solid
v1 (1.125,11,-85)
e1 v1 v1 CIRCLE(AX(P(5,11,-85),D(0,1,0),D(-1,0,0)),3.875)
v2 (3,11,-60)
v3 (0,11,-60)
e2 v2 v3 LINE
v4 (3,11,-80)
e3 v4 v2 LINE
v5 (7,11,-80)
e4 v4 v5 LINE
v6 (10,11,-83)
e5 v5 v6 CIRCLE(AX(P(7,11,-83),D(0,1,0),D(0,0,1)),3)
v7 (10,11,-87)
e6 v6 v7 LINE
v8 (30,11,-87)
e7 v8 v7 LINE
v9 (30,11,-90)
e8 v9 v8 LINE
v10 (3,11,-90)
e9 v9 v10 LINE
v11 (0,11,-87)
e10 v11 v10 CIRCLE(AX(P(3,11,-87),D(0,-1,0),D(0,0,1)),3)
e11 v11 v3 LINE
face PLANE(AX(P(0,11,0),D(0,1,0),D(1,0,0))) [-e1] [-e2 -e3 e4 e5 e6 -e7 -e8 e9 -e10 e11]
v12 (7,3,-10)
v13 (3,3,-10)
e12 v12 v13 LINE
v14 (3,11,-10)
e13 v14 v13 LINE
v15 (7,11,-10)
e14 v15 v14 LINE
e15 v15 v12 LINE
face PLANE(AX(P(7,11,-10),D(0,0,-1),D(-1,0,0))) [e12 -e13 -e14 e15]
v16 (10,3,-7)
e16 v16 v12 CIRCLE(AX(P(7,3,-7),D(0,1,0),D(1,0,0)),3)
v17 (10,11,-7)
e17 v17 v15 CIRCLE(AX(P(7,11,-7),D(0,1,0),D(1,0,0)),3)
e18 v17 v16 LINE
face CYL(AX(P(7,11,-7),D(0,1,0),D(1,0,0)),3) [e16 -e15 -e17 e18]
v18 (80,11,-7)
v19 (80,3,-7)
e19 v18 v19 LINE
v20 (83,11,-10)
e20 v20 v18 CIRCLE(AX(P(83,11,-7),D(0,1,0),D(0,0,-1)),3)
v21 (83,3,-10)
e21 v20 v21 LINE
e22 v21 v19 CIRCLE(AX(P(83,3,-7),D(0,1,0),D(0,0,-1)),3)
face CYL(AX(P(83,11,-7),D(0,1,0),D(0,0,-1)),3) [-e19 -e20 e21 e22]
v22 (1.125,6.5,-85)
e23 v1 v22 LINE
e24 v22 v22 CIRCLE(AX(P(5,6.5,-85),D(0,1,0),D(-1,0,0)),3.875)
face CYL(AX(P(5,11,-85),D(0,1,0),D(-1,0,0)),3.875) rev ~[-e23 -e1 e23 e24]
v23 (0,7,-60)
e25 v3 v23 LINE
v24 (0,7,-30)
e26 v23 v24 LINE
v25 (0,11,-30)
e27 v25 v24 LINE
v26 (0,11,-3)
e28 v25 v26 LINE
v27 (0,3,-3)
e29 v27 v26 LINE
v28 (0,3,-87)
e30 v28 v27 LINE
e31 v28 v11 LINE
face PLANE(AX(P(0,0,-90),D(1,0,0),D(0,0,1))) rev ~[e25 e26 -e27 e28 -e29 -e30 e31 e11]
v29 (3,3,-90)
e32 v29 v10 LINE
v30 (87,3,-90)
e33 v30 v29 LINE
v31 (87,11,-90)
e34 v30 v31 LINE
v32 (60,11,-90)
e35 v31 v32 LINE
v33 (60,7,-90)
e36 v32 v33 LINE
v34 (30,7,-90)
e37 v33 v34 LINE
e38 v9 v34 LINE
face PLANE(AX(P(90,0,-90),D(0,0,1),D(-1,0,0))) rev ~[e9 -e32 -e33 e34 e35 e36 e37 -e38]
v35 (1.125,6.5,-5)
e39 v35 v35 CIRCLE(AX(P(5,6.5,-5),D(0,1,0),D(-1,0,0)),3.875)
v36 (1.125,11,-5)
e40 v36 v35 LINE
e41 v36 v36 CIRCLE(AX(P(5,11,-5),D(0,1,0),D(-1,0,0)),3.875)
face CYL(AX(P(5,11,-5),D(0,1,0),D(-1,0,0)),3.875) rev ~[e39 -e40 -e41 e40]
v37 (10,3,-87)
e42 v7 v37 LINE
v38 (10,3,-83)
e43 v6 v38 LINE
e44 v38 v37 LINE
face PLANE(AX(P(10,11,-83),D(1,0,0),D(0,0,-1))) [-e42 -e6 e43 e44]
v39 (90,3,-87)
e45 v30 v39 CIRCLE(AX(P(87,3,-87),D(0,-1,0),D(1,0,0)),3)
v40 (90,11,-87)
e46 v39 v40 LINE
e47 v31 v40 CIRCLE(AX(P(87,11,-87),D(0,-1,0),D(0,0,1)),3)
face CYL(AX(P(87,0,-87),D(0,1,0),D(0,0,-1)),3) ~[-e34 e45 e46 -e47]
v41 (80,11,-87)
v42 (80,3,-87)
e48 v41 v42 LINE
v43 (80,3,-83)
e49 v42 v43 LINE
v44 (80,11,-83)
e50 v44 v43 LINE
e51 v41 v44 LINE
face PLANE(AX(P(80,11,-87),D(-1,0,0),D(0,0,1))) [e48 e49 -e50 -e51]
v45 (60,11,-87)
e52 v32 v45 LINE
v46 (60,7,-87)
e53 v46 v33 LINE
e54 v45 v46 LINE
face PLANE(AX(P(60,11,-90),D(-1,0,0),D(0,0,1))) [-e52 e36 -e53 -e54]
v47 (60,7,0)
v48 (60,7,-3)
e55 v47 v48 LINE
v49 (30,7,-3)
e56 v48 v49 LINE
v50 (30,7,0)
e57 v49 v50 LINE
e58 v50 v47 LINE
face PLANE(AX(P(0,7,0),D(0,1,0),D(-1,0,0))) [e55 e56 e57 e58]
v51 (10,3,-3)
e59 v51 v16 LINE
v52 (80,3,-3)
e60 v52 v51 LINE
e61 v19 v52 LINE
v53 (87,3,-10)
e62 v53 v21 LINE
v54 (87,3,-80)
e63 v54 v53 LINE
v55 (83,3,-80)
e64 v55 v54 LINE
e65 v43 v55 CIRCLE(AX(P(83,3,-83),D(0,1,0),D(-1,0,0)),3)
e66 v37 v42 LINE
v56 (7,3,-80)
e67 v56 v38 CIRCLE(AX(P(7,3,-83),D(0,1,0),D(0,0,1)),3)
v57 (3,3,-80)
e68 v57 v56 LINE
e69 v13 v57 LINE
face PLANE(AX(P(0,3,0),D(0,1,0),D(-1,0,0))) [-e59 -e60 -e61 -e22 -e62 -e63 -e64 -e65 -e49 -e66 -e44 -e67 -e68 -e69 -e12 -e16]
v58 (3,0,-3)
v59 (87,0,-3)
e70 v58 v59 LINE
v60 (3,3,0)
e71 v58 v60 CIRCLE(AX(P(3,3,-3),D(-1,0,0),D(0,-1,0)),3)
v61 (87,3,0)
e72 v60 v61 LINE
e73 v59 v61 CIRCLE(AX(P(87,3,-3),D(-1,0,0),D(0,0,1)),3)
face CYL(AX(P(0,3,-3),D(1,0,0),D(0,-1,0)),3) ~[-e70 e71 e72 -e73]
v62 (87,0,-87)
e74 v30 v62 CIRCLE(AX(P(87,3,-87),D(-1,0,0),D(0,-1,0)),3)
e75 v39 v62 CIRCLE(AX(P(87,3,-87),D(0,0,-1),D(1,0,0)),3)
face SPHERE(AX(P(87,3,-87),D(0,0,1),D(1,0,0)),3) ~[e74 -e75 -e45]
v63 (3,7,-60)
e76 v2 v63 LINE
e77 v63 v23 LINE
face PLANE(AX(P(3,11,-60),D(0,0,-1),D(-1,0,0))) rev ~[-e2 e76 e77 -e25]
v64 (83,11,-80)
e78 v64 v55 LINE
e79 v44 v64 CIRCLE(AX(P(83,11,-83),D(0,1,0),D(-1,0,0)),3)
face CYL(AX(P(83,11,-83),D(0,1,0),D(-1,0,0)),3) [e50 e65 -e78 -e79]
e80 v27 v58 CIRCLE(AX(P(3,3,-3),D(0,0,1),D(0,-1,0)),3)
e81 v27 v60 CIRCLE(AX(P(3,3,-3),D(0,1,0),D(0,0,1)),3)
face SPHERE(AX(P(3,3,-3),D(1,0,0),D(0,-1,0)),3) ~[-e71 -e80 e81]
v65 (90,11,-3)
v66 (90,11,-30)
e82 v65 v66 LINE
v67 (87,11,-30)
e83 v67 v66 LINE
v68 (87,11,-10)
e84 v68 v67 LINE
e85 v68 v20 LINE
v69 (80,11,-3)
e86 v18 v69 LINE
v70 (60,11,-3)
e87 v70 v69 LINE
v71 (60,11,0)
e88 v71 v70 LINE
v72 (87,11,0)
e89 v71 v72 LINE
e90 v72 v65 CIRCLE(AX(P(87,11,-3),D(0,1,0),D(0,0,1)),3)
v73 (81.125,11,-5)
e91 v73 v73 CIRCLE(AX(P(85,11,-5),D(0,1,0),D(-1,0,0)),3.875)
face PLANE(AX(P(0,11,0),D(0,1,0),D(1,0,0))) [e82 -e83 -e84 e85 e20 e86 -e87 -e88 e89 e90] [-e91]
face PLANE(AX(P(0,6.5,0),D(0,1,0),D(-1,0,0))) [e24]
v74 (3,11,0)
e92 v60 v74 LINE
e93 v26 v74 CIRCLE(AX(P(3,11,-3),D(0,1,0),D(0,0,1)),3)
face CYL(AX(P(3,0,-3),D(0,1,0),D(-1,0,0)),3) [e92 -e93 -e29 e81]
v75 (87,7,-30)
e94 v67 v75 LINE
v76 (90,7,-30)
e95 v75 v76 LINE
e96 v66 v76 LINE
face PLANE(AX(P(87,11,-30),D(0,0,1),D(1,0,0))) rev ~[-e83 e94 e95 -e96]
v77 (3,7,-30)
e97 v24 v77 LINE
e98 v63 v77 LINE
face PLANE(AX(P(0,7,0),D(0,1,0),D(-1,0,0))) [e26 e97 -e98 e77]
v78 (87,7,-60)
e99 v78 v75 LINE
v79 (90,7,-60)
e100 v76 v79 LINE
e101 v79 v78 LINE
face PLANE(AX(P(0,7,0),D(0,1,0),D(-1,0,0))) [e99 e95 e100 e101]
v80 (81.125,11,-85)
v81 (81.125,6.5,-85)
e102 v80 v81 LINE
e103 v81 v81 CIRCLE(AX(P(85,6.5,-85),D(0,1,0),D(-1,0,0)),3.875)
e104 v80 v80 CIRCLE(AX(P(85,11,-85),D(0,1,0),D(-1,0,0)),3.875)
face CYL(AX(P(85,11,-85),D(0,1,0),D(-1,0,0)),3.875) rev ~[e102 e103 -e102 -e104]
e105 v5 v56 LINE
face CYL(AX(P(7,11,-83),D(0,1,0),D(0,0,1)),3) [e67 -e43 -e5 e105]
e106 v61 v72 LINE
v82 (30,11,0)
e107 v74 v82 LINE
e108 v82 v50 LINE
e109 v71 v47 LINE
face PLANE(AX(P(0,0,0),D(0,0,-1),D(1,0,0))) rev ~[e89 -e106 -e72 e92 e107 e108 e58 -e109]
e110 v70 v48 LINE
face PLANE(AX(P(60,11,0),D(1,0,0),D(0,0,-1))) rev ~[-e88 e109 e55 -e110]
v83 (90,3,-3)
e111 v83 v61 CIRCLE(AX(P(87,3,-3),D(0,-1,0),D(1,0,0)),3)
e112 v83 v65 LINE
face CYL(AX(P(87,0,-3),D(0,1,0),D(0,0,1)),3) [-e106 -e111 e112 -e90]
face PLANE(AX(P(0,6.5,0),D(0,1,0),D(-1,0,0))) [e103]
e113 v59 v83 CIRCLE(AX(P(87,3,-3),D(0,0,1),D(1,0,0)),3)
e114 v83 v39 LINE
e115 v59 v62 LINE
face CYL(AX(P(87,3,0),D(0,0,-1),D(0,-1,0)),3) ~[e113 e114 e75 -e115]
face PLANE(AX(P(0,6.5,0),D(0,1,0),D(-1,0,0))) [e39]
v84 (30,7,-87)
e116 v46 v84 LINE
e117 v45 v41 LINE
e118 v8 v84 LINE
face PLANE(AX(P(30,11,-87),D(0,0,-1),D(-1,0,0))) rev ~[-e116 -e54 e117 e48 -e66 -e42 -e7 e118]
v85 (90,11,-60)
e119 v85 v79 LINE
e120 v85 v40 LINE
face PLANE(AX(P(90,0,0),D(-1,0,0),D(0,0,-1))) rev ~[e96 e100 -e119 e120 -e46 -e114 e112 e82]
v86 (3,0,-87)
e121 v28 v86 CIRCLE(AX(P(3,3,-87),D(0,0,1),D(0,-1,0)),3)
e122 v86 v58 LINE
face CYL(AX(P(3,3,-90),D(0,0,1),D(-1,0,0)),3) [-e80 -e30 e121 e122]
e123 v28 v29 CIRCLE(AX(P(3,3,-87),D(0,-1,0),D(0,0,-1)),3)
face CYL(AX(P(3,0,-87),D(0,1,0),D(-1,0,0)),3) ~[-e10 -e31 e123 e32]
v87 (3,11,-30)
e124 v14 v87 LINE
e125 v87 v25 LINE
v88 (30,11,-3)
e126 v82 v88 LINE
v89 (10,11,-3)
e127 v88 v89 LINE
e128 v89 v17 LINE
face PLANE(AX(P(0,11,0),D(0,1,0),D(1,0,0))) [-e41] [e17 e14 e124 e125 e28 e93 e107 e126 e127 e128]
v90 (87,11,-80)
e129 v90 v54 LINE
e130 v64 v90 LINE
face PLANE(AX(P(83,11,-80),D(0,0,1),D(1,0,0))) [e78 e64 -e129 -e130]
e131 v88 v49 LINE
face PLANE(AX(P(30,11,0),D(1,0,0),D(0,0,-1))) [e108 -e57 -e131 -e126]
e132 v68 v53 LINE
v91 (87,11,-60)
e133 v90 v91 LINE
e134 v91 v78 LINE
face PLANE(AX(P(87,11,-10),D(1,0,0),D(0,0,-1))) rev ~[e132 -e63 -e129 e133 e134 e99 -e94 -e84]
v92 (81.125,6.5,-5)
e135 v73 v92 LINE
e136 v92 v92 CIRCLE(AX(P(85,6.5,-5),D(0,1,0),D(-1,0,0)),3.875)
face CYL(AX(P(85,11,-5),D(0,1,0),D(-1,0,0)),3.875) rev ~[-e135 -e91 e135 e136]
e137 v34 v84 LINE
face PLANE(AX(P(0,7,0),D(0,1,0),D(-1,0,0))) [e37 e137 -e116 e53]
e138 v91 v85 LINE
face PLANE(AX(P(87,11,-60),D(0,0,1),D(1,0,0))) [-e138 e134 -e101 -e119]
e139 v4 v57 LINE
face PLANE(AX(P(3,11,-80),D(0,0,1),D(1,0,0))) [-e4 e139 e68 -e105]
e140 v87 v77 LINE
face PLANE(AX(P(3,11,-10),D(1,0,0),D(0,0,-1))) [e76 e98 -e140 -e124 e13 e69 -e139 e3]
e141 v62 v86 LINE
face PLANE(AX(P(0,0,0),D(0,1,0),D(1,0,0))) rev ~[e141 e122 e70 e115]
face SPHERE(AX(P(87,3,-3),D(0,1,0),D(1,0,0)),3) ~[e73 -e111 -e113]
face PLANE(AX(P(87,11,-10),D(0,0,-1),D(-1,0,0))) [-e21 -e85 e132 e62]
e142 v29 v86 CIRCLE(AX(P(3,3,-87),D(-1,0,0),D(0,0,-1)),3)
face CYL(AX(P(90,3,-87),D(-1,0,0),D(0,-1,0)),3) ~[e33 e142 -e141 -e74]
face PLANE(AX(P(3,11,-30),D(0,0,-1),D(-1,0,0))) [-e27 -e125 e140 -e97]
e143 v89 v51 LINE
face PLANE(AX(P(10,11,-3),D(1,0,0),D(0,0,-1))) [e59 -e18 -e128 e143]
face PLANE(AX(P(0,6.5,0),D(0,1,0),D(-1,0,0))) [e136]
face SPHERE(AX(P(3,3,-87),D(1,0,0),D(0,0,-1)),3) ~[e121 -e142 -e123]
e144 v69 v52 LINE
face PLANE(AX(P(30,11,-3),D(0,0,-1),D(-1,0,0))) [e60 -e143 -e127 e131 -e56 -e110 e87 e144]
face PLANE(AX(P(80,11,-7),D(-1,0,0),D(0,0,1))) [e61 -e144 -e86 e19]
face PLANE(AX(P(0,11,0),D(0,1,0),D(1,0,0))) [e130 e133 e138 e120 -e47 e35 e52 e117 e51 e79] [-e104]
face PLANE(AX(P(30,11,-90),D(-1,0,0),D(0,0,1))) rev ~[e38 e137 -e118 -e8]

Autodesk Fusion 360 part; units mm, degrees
sketch "Sketch1" plane through (0, 0, 0) normal (0, 1, 0) x (1, 0, 0)
  line L0 (0, 0) -> (90, 0)
  line L1 (90, 0) -> (90, 90)
  line L2 (90, 90) -> (0, 90)
  line L3 (0, 90) -> (0, 0)
  dimension "d1" = 90
  dimension "d2" = 90
extrude "Extrude1" add sketch "Sketch1" along normal blind 11
sketch "Sketch2" plane through (0, 11, 0) normal (0, 1, 0) x (-1, 0, 0)
  line L0 (0, -90) -> (0, 0)
  line L1 (0, 0) -> (-90, 0)
  line L2 (-90, 0) -> (-90, -90)
  line L3 (-90, -90) -> (0, -90)
  circle A0 centre (-5, -85) radius 3.875
  circle A1 centre (-5, -5) radius 3.875
  circle A2 centre (-85, -5) radius 3.875
  circle A3 centre (-85, -85) radius 3.875
  dimension "d5" = 7.75
  dimension "d6" = 7.75
  dimension "d7" = 7.75
  dimension "d8" = 7.75
extrude "Extrude2" cut sketch "Sketch2" against normal blind 4.5 contours A0 | A1 | A2 | A3
sketch "Sketch3" plane through (0, 11, 0) normal (0, 1, 0) x (-1, 0, 0)
  circle A0 centre (-85, -85) radius 3.875
  circle A1 centre (-5, -5) radius 3.875
  circle A2 centre (-5, -85) radius 3.875
  circle A3 centre (-85, -5) radius 3.875
  line L0 (0, -90) -> (0, 0)
  line L1 (0, 0) -> (-90, 0)
  line L2 (-90, 0) -> (-90, -90)
  line L3 (-90, -90) -> (0, -90)
  line L4 (-90, -80) -> (-90, -10)
  line L5 (0, -10) -> (0, -80)
  line L6 (-10, -90) -> (-80, -90)
  line L7 (-80, 0) -> (-10, 0)
  line L8 (-10, 0) -> (-10, -7)
  line L9 (-10, -83) -> (-10, -90)
  line L10 (-90, -10) -> (-83, -10)
  line L11 (-7, -10) -> (0, -10)
  line L12 (-80, -90) -> (-80, -83)
  line L13 (-80, -7) -> (-80, 0)
  line L14 (0, -80) -> (-7, -80)
  line L15 (-83, -80) -> (-90, -80)
  line L16 (0, -10) -> (-3, -10)
  line L17 (-3, -10) -> (-3, -30)
  line L18 (-3, -30) -> (0, -30)
  line L19 (0, -30) -> (0, -10)
  line L20 (0, -80) -> (-3, -80)
  line L21 (-3, -80) -> (-3, -60)
  line L22 (-3, -60) -> (0, -60)
  line L23 (0, -60) -> (0, -80)
  line L24 (-10, -90) -> (-30, -90)
  line L25 (-30, -90) -> (-30, -87)
  line L26 (-30, -87) -> (-10, -87)
  line L27 (-10, -87) -> (-10, -90)
  line L28 (-80, -90) -> (-60, -90)
  line L29 (-60, -90) -> (-60, -87)
  line L30 (-60, -87) -> (-80, -87)
  line L31 (-80, -87) -> (-80, -90)
  line L32 (-90, -80) -> (-87, -80)
  line L33 (-87, -80) -> (-87, -60)
  line L34 (-87, -60) -> (-90, -60)
  line L35 (-90, -60) -> (-90, -80)
  line L36 (-90, -10) -> (-87, -10)
  line L37 (-87, -10) -> (-87, -30)
  line L38 (-87, -30) -> (-90, -30)
  line L39 (-90, -30) -> (-90, -10)
  line L40 (-80, 0) -> (-60, 0)
  line L41 (-60, 0) -> (-60, -3)
  line L42 (-60, -3) -> (-80, -3)
  line L43 (-80, -3) -> (-80, 0)
  line L44 (-10, 0) -> (-30, 0)
  line L45 (-30, 0) -> (-30, -3)
  line L46 (-30, -3) -> (-10, -3)
  line L47 (-10, -3) -> (-10, 0)
  arc A4 (-10, -7) -> (-7, -10) centre (-7, -7) ccw
  arc A5 (-83, -10) -> (-80, -7) centre (-83, -7) ccw
  arc A6 (-80, -83) -> (-83, -80) centre (-83, -83) ccw
  arc A7 (-7, -80) -> (-10, -83) centre (-7, -83) ccw
  dimension "d11" = 20
  dimension "d12" = 3
  dimension "d13" = 20
  dimension "d14" = 3
  dimension "d15" = 20
  dimension "d16" = 3
  dimension "d17" = 20
  dimension "d18" = 3
  dimension "d19" = 3
  dimension "d20" = 20
  dimension "d21" = 3
  dimension "d22" = 20
  dimension "d23" = 3
  dimension "d24" = 20
  dimension "d25" = 20
  dimension "d26" = 3
  dimension "d27" = 3
  dimension "d28" = 3
extrude "Extrude3" cut sketch "Sketch3" against normal blind 8 contours L0 L1 L2 L3 L4 L5 L6 L7 L8 L9 L10 L11 L12 L13 L14 L15 L17 L18 L21 L22 L25 L26 L29 L30 L33 L34 L37 L38 L41 L42 L45 L46 A4 A5 A6 A7
sketch "Sketch4" plane through (0, 3, 0) normal (0, 1, 0) x (-1, 0, 0)
  line L0 (-3, -80) -> (-3, -60)
  line L1 (-3, -60) -> (0, -60)
  line L2 (0, -60) -> (0, -30)
  line L3 (0, -30) -> (-3, -30)
  line L4 (-3, -30) -> (-3, -10)
  line L5 (-3, -10) -> (-7, -10)
  arc A0 (-10, -7) -> (-7, -10) centre (-7, -7) ccw
  line L6 (-10, -7) -> (-10, -3)
  line L7 (-10, -3) -> (-30, -3)
  line L8 (-30, -3) -> (-30, 0)
  line L9 (-30, 0) -> (-60, 0)
  line L10 (-60, 0) -> (-60, -3)
  line L11 (-60, -3) -> (-80, -3)
  line L12 (-80, -3) -> (-80, -7)
  arc A1 (-83, -10) -> (-80, -7) centre (-83, -7) ccw
  line L13 (-83, -10) -> (-87, -10)
  line L14 (-87, -10) -> (-87, -30)
  line L15 (-87, -30) -> (-90, -30)
  line L16 (-90, -30) -> (-90, -60)
  line L17 (-90, -60) -> (-87, -60)
  line L18 (-87, -60) -> (-87, -80)
  line L19 (-87, -80) -> (-83, -80)
  arc A2 (-80, -83) -> (-83, -80) centre (-83, -83) ccw
  line L20 (-80, -83) -> (-80, -87)
  line L21 (-80, -87) -> (-60, -87)
  line L22 (-60, -87) -> (-60, -90)
  line L23 (-60, -90) -> (-30, -90)
  line L24 (-30, -90) -> (-30, -87)
  line L25 (-30, -87) -> (-10, -87)
  line L26 (-10, -87) -> (-10, -83)
  arc A3 (-7, -80) -> (-10, -83) centre (-7, -83) ccw
  line L27 (-7, -80) -> (-3, -80)
  line L28 (0, -60) -> (-3, -60)
  line L29 (-3, -60) -> (-3, -30)
  line L30 (-3, -30) -> (0, -30)
  line L31 (0, -30) -> (0, -60)
  line L32 (-87, -30) -> (-90, -30)
  line L33 (-90, -30) -> (-90, -60)
  line L34 (-90, -60) -> (-87, -60)
  line L35 (-87, -60) -> (-87, -30)
  line L36 (-30, 0) -> (-60, 0)
  line L37 (-60, 0) -> (-60, -3)
  line L38 (-60, -3) -> (-30, -3)
  line L39 (-30, -3) -> (-30, 0)
  line L40 (-30, -90) -> (-60, -90)
  line L41 (-60, -90) -> (-60, -87)
  line L42 (-60, -87) -> (-30, -87)
  line L43 (-30, -87) -> (-30, -90)
extrude "Extrude4" add sketch "Sketch4" along normal blind 4 contours L1 L2 L3 L28 L29 L30 L31 | L22 L23 L24 L40 L41 L42 L43 | L8 L9 L10 L36 L37 L38 L39 | L15 L16 L17 L32 L33 L34 L35
fillet "Fillet1" radius 3 8 edges at (90, 5.5, 0) (90, 0, -45) (45, 0, 0) (90, 5.5, -90) (45, 0, -90) (0, 5.5, -90) (0, 0, -45) (0, 5.5, 0)
sketch "Sketch6" plane through (0, 3, 0) normal (0, 1, 0) x (-1, 0, 0)
  line L0 (-87, -10) -> (-87, -80)
  line L1 (-87, -80) -> (-83, -80)
  arc A0 (-80, -83) -> (-83, -80) centre (-83, -83) ccw
  line L2 (-80, -83) -> (-80, -87)
  line L3 (-80, -87) -> (-10, -87)
  line L4 (-10, -87) -> (-10, -83)
  arc A1 (-7, -80) -> (-10, -83) centre (-7, -83) ccw
  line L5 (-7, -80) -> (-3, -80)
  line L6 (-3, -80) -> (-3, -10)
  line L7 (-3, -10) -> (-7, -10)
  arc A2 (-10, -7) -> (-7, -10) centre (-7, -7) ccw
  line L8 (-10, -7) -> (-10, -3)
  line L9 (-10, -3) -> (-80, -3)
  line L10 (-80, -3) -> (-80, -7)
  arc A3 (-83, -10) -> (-80, -7) centre (-83, -7) ccw
  line L11 (-83, -10) -> (-87, -10)
  arc A4 (-3, -90) -> (0, -87) centre (-3, -87) ccw
  line L12 (0, -87) -> (0, -60)
sketch "Sketch7" plane through (45, 3, -45) normal (0, 1, 0) x (-1, 0, 0)
